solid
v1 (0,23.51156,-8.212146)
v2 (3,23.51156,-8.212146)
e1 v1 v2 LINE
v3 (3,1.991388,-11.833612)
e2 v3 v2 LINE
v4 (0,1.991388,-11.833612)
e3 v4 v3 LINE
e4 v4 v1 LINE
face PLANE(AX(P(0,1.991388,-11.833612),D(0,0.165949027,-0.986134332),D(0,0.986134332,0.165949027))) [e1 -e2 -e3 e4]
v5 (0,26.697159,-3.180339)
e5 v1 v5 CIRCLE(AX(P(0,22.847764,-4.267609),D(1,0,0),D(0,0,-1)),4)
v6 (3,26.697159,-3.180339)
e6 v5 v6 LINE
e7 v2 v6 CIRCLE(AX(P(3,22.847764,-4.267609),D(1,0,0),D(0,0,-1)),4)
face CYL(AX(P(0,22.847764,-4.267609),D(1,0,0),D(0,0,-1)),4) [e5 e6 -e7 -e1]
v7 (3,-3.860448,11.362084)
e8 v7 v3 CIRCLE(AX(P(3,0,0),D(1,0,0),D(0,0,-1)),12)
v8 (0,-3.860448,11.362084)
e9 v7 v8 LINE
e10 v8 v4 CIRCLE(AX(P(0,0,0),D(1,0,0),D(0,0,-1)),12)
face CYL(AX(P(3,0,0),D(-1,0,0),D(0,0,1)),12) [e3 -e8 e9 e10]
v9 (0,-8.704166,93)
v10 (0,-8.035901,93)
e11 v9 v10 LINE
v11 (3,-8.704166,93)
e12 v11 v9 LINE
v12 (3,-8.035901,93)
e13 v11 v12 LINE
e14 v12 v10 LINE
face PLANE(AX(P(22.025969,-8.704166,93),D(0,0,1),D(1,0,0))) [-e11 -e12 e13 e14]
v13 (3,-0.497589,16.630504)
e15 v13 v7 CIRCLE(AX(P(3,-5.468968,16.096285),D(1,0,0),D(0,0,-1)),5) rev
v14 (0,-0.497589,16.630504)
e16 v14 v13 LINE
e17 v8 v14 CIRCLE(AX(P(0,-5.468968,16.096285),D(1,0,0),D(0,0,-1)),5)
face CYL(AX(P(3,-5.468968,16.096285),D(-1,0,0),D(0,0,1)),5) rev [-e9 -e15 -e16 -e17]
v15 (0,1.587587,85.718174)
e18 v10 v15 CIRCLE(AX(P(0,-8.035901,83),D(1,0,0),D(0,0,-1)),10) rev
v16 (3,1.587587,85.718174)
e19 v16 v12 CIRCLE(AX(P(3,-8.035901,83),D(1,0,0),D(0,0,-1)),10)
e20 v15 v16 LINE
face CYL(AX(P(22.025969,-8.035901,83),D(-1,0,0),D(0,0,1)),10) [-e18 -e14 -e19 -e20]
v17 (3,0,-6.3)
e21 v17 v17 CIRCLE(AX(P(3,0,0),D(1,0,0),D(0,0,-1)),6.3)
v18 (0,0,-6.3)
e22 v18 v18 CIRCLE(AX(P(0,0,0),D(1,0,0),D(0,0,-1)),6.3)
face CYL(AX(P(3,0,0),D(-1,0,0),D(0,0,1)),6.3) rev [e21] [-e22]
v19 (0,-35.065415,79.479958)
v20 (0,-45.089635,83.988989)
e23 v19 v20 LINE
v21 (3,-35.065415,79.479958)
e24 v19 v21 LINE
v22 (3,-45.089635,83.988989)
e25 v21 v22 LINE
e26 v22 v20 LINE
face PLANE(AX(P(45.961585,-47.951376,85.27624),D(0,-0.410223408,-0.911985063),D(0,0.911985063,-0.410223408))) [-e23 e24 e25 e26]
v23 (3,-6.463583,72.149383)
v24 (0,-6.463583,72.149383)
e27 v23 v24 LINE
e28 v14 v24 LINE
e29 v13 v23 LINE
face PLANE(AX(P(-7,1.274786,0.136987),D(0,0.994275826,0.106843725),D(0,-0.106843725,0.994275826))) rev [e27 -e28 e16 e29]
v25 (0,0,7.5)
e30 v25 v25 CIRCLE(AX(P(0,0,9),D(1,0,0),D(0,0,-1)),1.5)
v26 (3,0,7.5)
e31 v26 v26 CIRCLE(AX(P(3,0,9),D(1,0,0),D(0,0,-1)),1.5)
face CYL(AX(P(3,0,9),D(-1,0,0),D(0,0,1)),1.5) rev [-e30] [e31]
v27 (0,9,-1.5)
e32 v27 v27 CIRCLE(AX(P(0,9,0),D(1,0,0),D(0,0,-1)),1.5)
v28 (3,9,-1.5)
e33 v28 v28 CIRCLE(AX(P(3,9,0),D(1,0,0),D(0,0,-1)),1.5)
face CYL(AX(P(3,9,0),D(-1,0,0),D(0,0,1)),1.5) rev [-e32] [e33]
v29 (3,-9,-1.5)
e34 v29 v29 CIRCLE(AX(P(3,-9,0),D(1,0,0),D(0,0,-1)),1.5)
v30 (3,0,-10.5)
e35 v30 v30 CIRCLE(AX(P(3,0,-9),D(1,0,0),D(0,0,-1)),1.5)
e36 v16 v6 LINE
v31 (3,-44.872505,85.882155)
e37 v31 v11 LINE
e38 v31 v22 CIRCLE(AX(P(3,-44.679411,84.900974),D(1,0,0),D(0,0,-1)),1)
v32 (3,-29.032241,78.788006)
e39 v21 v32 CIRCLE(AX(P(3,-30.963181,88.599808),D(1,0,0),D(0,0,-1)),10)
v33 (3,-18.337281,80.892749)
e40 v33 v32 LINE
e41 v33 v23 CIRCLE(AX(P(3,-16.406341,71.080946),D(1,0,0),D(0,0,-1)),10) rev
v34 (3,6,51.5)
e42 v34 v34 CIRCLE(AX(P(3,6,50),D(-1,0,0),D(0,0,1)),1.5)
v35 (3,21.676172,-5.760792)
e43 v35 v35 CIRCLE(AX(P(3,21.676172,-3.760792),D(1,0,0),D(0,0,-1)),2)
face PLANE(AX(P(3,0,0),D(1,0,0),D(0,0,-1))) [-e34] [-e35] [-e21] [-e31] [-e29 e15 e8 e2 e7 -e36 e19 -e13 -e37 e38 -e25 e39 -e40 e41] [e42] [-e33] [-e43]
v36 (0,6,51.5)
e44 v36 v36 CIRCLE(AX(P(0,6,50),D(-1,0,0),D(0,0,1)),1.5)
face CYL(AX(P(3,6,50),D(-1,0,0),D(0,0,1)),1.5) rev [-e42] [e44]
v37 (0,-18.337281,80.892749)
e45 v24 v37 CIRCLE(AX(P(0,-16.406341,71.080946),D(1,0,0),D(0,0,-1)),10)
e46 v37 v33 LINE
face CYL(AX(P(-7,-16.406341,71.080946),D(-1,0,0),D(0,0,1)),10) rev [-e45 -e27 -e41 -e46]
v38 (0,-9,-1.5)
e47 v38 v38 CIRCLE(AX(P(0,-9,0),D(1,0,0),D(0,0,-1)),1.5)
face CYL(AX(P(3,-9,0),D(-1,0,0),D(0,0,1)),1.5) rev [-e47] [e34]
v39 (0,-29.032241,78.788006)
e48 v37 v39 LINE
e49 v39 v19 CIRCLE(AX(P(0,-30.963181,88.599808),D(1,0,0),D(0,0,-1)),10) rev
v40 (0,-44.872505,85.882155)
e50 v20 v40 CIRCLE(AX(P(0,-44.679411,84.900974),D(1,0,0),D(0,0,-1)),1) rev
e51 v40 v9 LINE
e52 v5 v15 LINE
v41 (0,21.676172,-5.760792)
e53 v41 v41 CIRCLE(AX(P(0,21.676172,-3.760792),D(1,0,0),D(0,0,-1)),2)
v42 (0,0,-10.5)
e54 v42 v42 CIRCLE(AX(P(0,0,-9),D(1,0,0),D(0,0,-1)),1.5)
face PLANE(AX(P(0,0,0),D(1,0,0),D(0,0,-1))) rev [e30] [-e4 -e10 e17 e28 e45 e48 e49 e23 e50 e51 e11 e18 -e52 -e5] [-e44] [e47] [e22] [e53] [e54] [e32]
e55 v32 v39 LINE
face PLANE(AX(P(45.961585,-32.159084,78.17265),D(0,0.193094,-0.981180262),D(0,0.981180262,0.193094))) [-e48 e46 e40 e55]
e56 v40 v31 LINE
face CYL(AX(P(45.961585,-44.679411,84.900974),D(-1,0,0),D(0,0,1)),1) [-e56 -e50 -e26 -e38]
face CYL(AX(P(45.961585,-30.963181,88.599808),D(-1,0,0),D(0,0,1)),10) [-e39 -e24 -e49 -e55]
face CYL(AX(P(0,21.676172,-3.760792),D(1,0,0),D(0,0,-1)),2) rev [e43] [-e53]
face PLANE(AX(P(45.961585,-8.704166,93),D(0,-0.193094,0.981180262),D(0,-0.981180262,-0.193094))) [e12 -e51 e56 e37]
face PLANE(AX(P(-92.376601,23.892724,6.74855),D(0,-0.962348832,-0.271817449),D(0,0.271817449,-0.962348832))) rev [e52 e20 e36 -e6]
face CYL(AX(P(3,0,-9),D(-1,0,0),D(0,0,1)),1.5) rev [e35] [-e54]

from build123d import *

# Parameters (mm, degrees)
SKETCH_1_R          = 12
SKETCH_1_R_2        = 1.5
SKETCH_1_R_3        = 6.3
EXTRUDE_1_DEPTH     = 3
EXTRUDE_2_DEPTH     = 3
FILLET_2_R          = 30
FILLET_4_R          = 1
SKETCH_3_R          = 1.5
CUT_EXTRUDE_1_DEPTH = 3
FILLET_6_R          = 3
SKETCH_5_R          = 2
EXTRUDE_3_DEPTH     = 3
FILLET_8_R          = 3
CUT_EXTRUDE_2_DEPTH = 10
EXTRUDE_4_DEPTH     = 3
CUT_EXTRUDE_4_DEPTH = 88.351282371
EXTRUDE_5_DEPTH     = 3
EXTRUDE_6_DEPTH     = 3
FILLET_9_R          = 10
FILLET_10_R         = 1
EXTRUDE_8_DEPTH     = 3
FILLET_11_R         = 5


with BuildPart() as part:
    # 草图1 → 凸台-拉伸1 (new body)
    with BuildSketch(Plane(origin=(0, 0, 0), x_dir=(0, 0, -1), z_dir=(1, 0, 0))):
        Circle(SKETCH_1_R)
        with Locations((0, 9)):
            Circle(SKETCH_1_R_2, mode=Mode.SUBTRACT)
        Circle(SKETCH_1_R_3, mode=Mode.SUBTRACT)
        with Locations((9, 0)):
            Circle(SKETCH_1_R_2, mode=Mode.SUBTRACT)
        with Locations((0, -9)):
            Circle(SKETCH_1_R_2, mode=Mode.SUBTRACT)
        with Locations((-9, 0)):
            Circle(SKETCH_1_R_2, mode=Mode.SUBTRACT)
    extrude(amount=EXTRUDE_1_DEPTH)

    # 草图4 → 凸台-拉伸2 (add)
    with BuildSketch(Plane.ZY):
        with BuildLine():
            Line((68.504845759, -22.032619578), (78, -30))
            Line((78, -30), (78, 3))
            Line((78, 3), (18.911534819, 13.41889066))
            Line((18.911534819, 13.41889066), (-0.877535827, 11.967870774))
            ThreePointArc((-0.877535827, 11.967870774), (8.169136125, 8.790063422), (12, 0))
            ThreePointArc((12, 0), (11.827182716, -2.029223745), (11.313708499, -4))
            Line((11.313708499, -4), (32.009040998, -6.929191455))
            Line((32.009040998, -6.929191455), (67.339599923, -4.571456898))
            Line((67.339599923, -4.571456898), (67.835333173, -12))
            Line((67.835333173, -12), (68.504845759, -22.032619578))
        make_face()
        Polygon((32.009040998, -6.929191455), (67.835333173, -12), (67.339599923, -4.571456898), align=None)
    extrude(amount=-EXTRUDE_2_DEPTH)

    # 圆角2
    fillet_2_edges = [part.edges().sort_by_distance(p)[0] for p in [
        (1.5, 13.41889066, 18.911534819),
    ]]
    fillet(fillet_2_edges, radius=FILLET_2_R)

    # 圆角4
    fillet_4_edges = [part.edges().sort_by_distance(p)[0] for p in [
        (1.5, -30, 78),
    ]]
    fillet(fillet_4_edges, radius=FILLET_4_R)

    # 草图3 → 切除-拉伸1 (cut)
    with BuildSketch(Plane.ZY):
        with Locations((50, 6)):
            Circle(SKETCH_3_R)
    extrude(amount=-CUT_EXTRUDE_1_DEPTH, mode=Mode.SUBTRACT)

    # 圆角6
    fillet_6_edges = [part.edges().sort_by_distance(p)[0] for p in [
        (1.5, -22.032619578, 68.504845759),
    ]]
    fillet(fillet_6_edges, radius=FILLET_6_R)

    # 草图5 → 凸台-拉伸3 (add)
    with BuildSketch(Plane(origin=(3, 0, 0), x_dir=(0, 0, -1), z_dir=(1, 0, 0))):
        with BuildLine():
            Line((11.833611983, 1.991388321), (8.212146403, 23.511559971))
            ThreePointArc((8.212146403, 23.511559971), (6.010394905, 26.448138505), (2.341304536, 26.353380903))
            Line((2.341304536, 26.353380903), (-22.28242614, 12.822865834))
            Line((-22.28242614, 12.822865834), (0.877535827, 11.967870774))
            Line((0.877535827, 11.967870774), (11.833611983, 1.991388321))
        make_face()
        with Locations((3.76079209, 21.676172237)):
            Circle(SKETCH_5_R, mode=Mode.SUBTRACT)
    extrude(amount=-EXTRUDE_3_DEPTH)

    # 圆角8
    fillet_8_edges = [part.edges().sort_by_distance(p)[0] for p in [
        (1.5, 12.822865834, 22.28242614),
    ]]
    fillet(fillet_8_edges, radius=FILLET_8_R)

    # 草图6 → 切除-拉伸2 (cut)
    with BuildSketch(Plane(origin=(3, 0, 0), x_dir=(0, 0, -1), z_dir=(1, 0, 0))):
        with BuildLine():
            ThreePointArc((-11.313708499, -4), (-11.827182716, -2.029223745), (-12, 0))
            Line((-12, 0), (-67.835333173, -6))
            Line((-67.835333173, -6), (-67.835333173, -12))
            Line((-67.835333173, -12), (-11.313708499, -4))
        make_face()
    extrude(amount=-CUT_EXTRUDE_2_DEPTH, mode=Mode.SUBTRACT)

    # 草图7 → 凸台-拉伸4 (add)
    with BuildSketch(Plane(origin=(3, 0, 0), x_dir=(0, 0, -1), z_dir=(1, 0, 0))):
        with BuildLine():
            ThreePointArc((-76.35721239, -28.621537523), (-77.422618262, -28.761800867), (-78, -27.855493079))
            Line((-78, -27.855493079), (-78, -39.207735307))
            Line((-78, -39.207735307), (-65.698458682, -28.885516524))
            Line((-65.698458682, -28.885516524), (-67.835333173, -9))
            Line((-67.835333173, -9), (-67.835333173, -12))
            Line((-67.835333173, -12), (-68.419679282, -20.756403294))
            ThreePointArc((-68.419679282, -20.756403294), (-68.737840819, -21.914368693), (-69.484658626, -22.854780194))
            Line((-69.484658626, -22.854780194), (-76.35721239, -28.621537523))
        make_face()
    extrude(amount=-EXTRUDE_4_DEPTH)

    # 草图9 → 切除-拉伸4 (cut, through all)
    with BuildSketch(Plane(origin=(3, 0, 0), x_dir=(0, 0, -1), z_dir=(1, 0, 0))):
        Polygon((-51.477915802, -4.242250943), (-102.730700366, -9.749815596), (-98.933525576, -45.085902185), (-47.680741012, -39.578337532), align=None)
    extrude(amount=-CUT_EXTRUDE_4_DEPTH, mode=Mode.SUBTRACT)

    # 草图10 → 凸台-拉伸5 (add)
    with BuildSketch(Plane.ZY):
        Polygon((78, -7.092283282), (93, -8.704165846), (93, 0.355095289), (78, 3), align=None)
    extrude(amount=-EXTRUDE_5_DEPTH)

    # 草图11 → 凸台-拉伸6 (add)
    with BuildSketch(Plane.ZY):
        Polygon((93, -8.704165846), (85.276239998, -47.951376338), (78.172649999, -32.159084028), (83, -7.62957747), align=None)
    extrude(amount=-EXTRUDE_6_DEPTH)

    # 圆角9
    fillet_9_edges = [part.edges().sort_by_distance(p)[0] for p in [
        (1.5, 0.355095289, 93),
        (1.5, -32.159084028, 78.172649999),
        (1.5, -7.62957747, 83),
    ]]
    fillet(fillet_9_edges, radius=FILLET_9_R)

    # 圆角10
    fillet_10_edges = [part.edges().sort_by_distance(p)[0] for p in [
        (1.5, -47.951376338, 85.276239998),
    ]]
    fillet(fillet_10_edges, radius=FILLET_10_R)

    # 草图12 → 凸台-拉伸8 (add)
    with BuildSketch(Plane(origin=(3, 0, 0), x_dir=(0, 0, -1), z_dir=(1, 0, 0))):
        with BuildLine():
            Line((3.180339281, 26.697159193), (-85.718174485, 1.587587299))
            ThreePointArc((-85.718174485, 1.587587299), (-85.230157098, 1.712247485), (-84.736481777, 1.812176508))
            Line((-84.736481777, 1.812176508), (-22.766810048, 12.739101619))
            ThreePointArc((-22.766810048, 12.739101619), (-22.291557819, 12.863755981), (-21.843026177, 13.064312099))
            Line((-21.843026177, 13.064312099), (2.341304536, 26.353380903))
            ThreePointArc((2.341304536, 26.353380903), (2.751049335, 26.549121258), (3.180339281, 26.697159193))
        make_face()
    extrude(amount=-EXTRUDE_8_DEPTH)

    # 圆角11
    fillet_11_edges = [part.edges().sort_by_distance(p)[0] for p in [
        (1.5, 0, 12),
    ]]
    fillet(fillet_11_edges, radius=FILLET_11_R)


solid = part.part
